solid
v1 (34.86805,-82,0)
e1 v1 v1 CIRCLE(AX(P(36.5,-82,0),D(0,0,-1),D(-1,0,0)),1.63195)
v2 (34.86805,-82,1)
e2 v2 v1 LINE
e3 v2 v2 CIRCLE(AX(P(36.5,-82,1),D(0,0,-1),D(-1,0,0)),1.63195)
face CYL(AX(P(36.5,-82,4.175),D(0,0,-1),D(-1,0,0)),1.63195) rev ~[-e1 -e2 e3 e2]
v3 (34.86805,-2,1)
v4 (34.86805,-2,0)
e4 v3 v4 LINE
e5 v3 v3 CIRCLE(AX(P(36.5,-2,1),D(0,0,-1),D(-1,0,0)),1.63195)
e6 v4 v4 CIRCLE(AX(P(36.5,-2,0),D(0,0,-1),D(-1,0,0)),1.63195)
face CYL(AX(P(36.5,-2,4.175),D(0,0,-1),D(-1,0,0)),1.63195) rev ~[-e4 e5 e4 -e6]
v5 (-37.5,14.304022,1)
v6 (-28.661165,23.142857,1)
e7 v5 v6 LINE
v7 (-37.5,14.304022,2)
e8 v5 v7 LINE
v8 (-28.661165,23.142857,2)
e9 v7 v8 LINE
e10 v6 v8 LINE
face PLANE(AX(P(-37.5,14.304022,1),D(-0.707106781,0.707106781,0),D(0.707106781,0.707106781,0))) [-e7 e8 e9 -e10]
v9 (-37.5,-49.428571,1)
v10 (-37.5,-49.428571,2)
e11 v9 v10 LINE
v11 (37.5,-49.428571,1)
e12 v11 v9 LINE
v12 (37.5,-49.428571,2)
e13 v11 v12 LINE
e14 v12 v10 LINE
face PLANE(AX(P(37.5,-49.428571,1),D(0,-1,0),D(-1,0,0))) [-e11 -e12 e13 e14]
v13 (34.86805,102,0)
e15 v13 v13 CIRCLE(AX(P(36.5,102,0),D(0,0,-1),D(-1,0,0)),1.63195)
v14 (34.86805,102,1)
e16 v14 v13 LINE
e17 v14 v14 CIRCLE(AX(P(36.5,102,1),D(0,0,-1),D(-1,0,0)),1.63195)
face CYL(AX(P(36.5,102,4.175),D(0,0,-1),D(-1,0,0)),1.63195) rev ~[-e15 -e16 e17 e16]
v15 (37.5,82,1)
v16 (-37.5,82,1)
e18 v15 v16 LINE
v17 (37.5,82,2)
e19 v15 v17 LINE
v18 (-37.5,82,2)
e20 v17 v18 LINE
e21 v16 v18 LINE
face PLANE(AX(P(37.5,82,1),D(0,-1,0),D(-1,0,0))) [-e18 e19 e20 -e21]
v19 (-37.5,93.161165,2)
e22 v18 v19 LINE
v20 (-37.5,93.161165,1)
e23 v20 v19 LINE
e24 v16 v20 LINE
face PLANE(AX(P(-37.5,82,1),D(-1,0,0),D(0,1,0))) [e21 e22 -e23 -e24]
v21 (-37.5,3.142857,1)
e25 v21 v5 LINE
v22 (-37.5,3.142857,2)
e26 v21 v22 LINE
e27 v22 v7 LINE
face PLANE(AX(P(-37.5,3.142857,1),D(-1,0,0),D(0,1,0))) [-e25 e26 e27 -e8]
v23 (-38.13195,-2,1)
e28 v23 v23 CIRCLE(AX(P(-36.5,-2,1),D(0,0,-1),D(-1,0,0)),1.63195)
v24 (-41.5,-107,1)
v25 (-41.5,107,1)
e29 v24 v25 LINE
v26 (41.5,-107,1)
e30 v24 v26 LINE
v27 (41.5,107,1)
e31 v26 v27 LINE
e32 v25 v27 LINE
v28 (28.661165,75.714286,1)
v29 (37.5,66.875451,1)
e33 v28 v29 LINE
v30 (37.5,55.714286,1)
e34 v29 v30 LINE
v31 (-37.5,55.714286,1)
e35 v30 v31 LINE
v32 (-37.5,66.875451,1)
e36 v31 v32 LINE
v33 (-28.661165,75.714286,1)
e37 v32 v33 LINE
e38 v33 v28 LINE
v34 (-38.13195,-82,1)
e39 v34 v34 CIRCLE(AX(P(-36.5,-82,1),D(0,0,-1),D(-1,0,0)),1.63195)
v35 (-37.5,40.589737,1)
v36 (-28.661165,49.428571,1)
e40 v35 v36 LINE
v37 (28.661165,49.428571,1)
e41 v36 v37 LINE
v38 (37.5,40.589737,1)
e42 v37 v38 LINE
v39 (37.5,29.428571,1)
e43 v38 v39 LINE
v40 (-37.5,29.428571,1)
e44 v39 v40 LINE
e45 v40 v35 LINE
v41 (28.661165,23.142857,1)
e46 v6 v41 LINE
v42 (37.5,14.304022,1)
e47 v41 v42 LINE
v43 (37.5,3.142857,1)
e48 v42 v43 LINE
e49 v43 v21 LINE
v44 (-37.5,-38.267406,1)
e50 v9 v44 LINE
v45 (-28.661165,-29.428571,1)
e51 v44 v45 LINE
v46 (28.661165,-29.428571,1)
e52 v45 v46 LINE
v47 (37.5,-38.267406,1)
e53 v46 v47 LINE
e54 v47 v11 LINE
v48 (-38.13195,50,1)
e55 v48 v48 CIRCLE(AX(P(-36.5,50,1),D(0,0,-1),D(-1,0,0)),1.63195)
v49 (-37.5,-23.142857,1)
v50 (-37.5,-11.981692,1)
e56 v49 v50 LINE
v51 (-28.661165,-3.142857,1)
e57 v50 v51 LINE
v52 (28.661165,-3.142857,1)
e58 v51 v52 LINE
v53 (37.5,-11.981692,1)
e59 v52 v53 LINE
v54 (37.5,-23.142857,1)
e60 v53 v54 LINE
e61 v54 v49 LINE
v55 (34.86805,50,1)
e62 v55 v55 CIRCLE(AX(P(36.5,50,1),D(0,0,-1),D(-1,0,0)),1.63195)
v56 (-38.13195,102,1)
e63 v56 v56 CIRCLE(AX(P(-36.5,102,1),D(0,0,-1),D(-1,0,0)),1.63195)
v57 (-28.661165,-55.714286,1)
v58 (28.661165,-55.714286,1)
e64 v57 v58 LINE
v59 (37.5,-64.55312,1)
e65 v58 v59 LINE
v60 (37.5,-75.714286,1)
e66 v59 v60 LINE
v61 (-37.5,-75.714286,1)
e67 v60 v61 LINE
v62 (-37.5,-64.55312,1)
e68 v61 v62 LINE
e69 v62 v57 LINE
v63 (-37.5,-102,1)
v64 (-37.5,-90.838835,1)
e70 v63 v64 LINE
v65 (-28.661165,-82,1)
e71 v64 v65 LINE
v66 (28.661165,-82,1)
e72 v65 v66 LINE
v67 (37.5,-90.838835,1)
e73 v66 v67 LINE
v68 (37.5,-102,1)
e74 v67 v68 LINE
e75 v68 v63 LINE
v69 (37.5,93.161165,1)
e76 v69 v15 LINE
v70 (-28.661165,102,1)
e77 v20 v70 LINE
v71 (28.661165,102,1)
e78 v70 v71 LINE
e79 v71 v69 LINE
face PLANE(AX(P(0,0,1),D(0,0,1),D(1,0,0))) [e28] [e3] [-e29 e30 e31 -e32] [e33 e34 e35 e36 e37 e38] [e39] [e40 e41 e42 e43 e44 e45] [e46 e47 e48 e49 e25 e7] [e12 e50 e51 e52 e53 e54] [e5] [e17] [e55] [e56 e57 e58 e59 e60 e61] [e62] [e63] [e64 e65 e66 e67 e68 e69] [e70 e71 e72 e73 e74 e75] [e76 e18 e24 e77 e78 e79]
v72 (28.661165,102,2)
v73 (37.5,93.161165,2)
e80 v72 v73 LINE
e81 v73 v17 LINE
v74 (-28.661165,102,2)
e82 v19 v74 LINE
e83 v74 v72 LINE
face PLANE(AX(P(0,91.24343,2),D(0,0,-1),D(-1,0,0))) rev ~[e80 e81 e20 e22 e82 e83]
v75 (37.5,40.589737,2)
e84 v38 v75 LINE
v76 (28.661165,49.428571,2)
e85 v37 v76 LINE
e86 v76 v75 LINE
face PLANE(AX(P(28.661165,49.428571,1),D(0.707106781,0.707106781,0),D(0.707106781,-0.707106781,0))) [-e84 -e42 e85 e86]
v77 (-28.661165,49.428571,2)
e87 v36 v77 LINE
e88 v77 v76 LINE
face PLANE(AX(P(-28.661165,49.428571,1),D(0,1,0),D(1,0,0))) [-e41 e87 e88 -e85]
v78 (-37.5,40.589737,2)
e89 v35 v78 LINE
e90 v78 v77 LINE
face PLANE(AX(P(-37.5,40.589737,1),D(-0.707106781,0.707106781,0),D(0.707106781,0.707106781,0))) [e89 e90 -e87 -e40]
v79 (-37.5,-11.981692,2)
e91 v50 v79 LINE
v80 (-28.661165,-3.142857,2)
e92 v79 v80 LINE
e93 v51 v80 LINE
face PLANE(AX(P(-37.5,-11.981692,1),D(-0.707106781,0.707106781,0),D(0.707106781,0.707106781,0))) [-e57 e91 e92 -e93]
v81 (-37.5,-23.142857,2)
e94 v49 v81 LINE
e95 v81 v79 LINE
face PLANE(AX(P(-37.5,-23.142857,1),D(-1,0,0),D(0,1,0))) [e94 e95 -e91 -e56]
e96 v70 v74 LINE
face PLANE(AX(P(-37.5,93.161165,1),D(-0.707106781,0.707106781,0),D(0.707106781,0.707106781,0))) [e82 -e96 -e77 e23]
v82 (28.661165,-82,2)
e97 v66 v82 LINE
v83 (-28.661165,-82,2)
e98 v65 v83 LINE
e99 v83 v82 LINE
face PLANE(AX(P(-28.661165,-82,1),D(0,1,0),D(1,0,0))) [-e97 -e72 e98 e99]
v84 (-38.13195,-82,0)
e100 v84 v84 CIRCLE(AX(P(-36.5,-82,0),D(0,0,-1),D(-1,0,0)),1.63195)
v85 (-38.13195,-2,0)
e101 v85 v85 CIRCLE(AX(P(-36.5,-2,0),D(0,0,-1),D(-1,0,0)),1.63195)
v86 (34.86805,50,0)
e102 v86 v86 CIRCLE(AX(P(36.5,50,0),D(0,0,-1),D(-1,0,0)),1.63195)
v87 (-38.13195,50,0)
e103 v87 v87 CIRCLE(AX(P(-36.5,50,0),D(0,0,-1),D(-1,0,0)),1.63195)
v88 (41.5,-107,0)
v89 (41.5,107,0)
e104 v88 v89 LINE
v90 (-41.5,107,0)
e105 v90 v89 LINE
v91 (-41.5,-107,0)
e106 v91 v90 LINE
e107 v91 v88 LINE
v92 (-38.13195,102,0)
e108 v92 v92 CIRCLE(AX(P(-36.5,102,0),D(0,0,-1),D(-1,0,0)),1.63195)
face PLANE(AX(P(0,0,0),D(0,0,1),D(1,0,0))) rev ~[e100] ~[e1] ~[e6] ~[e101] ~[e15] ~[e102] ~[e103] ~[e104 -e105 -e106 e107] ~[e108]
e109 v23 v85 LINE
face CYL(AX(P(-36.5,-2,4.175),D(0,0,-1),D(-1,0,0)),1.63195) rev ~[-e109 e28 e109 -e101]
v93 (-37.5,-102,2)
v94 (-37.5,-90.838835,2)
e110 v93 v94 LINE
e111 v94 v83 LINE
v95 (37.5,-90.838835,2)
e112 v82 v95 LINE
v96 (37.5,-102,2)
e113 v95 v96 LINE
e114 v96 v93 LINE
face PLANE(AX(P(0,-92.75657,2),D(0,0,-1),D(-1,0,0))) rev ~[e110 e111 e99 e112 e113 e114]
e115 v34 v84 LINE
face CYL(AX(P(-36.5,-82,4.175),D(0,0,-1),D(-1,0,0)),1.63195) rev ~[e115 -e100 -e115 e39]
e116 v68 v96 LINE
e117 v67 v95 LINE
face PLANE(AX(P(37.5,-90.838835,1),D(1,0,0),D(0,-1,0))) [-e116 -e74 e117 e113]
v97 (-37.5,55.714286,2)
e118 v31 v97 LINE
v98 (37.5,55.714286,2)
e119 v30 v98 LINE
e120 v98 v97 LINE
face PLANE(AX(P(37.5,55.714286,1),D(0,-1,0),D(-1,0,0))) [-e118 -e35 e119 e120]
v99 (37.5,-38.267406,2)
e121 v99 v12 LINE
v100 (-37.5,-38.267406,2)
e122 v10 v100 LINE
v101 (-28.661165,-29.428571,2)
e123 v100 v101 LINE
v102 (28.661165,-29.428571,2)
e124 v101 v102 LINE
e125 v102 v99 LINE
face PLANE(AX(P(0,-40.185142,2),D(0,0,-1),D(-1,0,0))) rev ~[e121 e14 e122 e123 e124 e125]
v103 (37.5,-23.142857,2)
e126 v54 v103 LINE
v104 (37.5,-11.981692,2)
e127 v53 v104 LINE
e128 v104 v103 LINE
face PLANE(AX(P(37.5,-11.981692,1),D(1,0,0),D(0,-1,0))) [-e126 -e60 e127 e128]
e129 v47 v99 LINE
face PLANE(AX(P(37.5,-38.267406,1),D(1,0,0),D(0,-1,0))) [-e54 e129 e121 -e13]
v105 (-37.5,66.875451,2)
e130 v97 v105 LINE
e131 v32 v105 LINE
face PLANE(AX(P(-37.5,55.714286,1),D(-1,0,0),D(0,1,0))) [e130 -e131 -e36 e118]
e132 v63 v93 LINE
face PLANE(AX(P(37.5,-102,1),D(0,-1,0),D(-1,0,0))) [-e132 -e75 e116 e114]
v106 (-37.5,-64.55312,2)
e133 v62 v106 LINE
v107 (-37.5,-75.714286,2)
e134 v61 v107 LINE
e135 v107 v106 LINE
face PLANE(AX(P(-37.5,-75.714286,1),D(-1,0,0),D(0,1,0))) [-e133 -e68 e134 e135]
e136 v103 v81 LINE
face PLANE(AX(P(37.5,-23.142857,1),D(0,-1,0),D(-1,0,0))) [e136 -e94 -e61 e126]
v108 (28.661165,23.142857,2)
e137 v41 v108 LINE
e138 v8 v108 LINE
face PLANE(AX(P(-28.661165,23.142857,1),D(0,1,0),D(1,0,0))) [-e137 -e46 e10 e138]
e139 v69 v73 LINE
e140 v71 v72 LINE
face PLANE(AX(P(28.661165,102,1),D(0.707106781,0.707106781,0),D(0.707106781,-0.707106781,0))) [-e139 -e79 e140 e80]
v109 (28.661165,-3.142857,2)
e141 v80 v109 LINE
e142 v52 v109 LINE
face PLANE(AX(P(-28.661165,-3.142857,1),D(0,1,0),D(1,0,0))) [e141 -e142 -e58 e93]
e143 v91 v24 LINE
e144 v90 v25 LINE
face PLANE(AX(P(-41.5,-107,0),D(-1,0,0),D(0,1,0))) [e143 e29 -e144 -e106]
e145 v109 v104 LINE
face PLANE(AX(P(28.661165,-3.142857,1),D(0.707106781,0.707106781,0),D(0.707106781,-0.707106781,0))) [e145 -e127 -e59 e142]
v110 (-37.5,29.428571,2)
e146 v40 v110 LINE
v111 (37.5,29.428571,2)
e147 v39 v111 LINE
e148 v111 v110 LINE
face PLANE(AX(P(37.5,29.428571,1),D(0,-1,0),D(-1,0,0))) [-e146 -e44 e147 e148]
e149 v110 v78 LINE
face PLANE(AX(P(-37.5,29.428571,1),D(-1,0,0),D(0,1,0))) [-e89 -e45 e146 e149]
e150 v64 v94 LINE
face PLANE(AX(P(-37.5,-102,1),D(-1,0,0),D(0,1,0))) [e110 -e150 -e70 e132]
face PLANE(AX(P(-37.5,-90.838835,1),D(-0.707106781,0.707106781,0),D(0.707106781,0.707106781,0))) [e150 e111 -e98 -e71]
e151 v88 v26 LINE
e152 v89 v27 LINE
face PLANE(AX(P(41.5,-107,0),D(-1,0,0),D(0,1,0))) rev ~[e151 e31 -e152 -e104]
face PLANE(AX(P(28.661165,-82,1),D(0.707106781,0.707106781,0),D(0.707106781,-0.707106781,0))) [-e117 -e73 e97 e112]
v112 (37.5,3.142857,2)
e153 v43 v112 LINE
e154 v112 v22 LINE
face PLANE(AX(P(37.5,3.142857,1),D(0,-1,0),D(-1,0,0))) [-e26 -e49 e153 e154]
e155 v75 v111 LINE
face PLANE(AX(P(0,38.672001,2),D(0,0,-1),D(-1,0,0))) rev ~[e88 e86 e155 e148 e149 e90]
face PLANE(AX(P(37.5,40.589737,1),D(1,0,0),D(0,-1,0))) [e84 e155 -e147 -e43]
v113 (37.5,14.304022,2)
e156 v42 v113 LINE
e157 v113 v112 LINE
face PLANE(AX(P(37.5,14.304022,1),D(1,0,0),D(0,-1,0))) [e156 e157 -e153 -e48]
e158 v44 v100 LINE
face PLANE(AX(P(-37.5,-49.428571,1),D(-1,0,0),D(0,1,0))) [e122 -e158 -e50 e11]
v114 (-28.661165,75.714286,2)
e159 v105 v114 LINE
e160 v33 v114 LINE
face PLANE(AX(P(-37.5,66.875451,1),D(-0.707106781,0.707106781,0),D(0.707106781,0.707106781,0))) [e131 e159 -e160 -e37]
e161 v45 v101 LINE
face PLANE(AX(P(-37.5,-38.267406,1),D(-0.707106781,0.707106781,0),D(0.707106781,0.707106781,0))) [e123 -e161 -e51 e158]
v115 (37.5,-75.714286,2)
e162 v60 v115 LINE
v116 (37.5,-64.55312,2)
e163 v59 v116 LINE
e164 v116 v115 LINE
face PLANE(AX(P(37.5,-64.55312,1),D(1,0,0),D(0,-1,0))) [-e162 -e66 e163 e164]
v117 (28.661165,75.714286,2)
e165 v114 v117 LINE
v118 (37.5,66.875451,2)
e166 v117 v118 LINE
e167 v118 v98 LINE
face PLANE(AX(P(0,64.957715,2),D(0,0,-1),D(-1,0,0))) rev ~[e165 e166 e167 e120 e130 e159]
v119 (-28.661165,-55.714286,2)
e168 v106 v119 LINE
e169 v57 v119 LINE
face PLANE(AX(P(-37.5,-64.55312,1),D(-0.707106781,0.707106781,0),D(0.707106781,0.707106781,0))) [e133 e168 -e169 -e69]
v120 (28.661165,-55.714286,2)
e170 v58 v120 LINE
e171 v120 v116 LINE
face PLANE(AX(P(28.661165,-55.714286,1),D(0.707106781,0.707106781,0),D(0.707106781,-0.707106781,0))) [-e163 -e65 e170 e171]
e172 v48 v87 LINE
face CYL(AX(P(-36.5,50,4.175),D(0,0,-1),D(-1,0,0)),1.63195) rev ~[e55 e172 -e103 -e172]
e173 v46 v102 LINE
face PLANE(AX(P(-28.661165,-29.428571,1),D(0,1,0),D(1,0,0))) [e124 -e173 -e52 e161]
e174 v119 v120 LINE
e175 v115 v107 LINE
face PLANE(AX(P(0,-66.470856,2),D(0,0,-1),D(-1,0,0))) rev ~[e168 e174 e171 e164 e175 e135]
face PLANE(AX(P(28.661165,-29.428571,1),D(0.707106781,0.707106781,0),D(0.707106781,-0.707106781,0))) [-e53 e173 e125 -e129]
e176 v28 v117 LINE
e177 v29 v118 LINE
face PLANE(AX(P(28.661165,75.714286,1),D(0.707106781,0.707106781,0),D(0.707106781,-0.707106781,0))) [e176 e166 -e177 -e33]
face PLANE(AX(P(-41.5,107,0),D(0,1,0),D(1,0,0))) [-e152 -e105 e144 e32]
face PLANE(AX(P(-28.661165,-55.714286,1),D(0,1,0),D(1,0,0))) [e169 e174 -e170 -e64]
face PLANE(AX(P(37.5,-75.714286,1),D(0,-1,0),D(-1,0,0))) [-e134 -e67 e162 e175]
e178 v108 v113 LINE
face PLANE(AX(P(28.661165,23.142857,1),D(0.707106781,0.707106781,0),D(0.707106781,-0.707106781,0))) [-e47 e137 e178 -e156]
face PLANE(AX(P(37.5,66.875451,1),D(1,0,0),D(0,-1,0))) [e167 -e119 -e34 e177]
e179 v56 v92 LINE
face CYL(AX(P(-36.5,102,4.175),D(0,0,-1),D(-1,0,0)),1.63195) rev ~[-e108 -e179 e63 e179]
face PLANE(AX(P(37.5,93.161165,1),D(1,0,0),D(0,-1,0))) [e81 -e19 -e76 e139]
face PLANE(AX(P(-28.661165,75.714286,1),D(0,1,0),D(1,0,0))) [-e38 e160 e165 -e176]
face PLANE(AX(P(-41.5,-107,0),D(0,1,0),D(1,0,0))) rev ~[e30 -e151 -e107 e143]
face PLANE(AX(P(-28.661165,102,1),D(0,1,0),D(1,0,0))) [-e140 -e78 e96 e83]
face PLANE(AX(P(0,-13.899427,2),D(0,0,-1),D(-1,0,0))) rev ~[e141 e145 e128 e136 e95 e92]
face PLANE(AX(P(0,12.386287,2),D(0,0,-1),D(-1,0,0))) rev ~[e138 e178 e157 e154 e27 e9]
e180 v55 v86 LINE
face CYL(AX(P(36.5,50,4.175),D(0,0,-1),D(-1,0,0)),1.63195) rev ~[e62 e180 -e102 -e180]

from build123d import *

# Parameters (mm, degrees)
SKETCH1_W                 = 83
SKETCH1_H                 = 214
BOSS_EXTRUDE1_DEPTH       = 1
BOSS_EXTRUDE2_DEPTH       = 1
F_4_CLEARANCE_HOLE1_D     = 3.2639
F_4_CLEARANCE_HOLE1_DEPTH = 3.175
F_4_CLEARANCE_HOLE1_TIP   = 0.980574487


with BuildPart() as part:
    # Sketch1 → Boss-Extrude1 (new body)
    with BuildSketch(Plane.XY):
        Rectangle(SKETCH1_W, SKETCH1_H)
    extrude(amount=BOSS_EXTRUDE1_DEPTH)

    # Sketch2 → Boss-Extrude2 (add)
    with BuildSketch(Plane.XY.offset(1)):
        Polygon((-28.661165235, 102), (28.661165235, 102), (37.5, 93.161165235), (37.5, 82), (-37.5, 82), (-37.5, 93.161165235), align=None)
        Polygon((-28.661165235, 75.714285714), (28.661165235, 75.714285714), (37.5, 66.875450949), (37.5, 55.714285714), (-37.5, 55.714285714), (-37.5, 66.875450949), align=None)
        Polygon((-28.661165235, 49.428571429), (28.661165235, 49.428571429), (37.5, 40.589736664), (37.5, 29.428571429), (-37.5, 29.428571429), (-37.5, 40.589736664), align=None)
        Polygon((-28.661165235, 23.142857143), (28.661165235, 23.142857143), (37.5, 14.304022378), (37.5, 3.142857143), (-37.5, 3.142857143), (-37.5, 14.304022378), align=None)
        Polygon((-28.661165235, -3.142857143), (28.661165235, -3.142857143), (37.5, -11.981691908), (37.5, -23.142857143), (-37.5, -23.142857143), (-37.5, -11.981691908), align=None)
        Polygon((-28.661165235, -29.428571429), (28.661165235, -29.428571429), (37.5, -38.267406193), (37.5, -49.428571429), (-37.5, -49.428571429), (-37.5, -38.267406193), align=None)
        Polygon((-28.661165235, -55.714285714), (28.661165235, -55.714285714), (37.5, -64.553120479), (37.5, -75.714285714), (-37.5, -75.714285714), (-37.5, -64.553120479), align=None)
        Polygon((-28.661165235, -82), (28.661165235, -82), (37.5, -90.838834765), (37.5, -102), (-37.5, -102), (-37.5, -90.838834765), align=None)
    extrude(amount=BOSS_EXTRUDE2_DEPTH)

    # #4 Clearance Hole1
    with Locations(Plane.XY.offset(1)):
        with Locations((-36.5, 102), (36.5, 102), (36.5, 50), (36.5, -2), (36.5, -82), (-36.5, -82), (-36.5, -2), (-36.5, 50)):
            Hole(F_4_CLEARANCE_HOLE1_D / 2, depth=F_4_CLEARANCE_HOLE1_DEPTH)
            with Locations((0, 0, -(F_4_CLEARANCE_HOLE1_DEPTH + F_4_CLEARANCE_HOLE1_TIP / 2))):  # 118° drill point
                Cone(0, F_4_CLEARANCE_HOLE1_D / 2, F_4_CLEARANCE_HOLE1_TIP, mode=Mode.SUBTRACT)


solid = part.part
